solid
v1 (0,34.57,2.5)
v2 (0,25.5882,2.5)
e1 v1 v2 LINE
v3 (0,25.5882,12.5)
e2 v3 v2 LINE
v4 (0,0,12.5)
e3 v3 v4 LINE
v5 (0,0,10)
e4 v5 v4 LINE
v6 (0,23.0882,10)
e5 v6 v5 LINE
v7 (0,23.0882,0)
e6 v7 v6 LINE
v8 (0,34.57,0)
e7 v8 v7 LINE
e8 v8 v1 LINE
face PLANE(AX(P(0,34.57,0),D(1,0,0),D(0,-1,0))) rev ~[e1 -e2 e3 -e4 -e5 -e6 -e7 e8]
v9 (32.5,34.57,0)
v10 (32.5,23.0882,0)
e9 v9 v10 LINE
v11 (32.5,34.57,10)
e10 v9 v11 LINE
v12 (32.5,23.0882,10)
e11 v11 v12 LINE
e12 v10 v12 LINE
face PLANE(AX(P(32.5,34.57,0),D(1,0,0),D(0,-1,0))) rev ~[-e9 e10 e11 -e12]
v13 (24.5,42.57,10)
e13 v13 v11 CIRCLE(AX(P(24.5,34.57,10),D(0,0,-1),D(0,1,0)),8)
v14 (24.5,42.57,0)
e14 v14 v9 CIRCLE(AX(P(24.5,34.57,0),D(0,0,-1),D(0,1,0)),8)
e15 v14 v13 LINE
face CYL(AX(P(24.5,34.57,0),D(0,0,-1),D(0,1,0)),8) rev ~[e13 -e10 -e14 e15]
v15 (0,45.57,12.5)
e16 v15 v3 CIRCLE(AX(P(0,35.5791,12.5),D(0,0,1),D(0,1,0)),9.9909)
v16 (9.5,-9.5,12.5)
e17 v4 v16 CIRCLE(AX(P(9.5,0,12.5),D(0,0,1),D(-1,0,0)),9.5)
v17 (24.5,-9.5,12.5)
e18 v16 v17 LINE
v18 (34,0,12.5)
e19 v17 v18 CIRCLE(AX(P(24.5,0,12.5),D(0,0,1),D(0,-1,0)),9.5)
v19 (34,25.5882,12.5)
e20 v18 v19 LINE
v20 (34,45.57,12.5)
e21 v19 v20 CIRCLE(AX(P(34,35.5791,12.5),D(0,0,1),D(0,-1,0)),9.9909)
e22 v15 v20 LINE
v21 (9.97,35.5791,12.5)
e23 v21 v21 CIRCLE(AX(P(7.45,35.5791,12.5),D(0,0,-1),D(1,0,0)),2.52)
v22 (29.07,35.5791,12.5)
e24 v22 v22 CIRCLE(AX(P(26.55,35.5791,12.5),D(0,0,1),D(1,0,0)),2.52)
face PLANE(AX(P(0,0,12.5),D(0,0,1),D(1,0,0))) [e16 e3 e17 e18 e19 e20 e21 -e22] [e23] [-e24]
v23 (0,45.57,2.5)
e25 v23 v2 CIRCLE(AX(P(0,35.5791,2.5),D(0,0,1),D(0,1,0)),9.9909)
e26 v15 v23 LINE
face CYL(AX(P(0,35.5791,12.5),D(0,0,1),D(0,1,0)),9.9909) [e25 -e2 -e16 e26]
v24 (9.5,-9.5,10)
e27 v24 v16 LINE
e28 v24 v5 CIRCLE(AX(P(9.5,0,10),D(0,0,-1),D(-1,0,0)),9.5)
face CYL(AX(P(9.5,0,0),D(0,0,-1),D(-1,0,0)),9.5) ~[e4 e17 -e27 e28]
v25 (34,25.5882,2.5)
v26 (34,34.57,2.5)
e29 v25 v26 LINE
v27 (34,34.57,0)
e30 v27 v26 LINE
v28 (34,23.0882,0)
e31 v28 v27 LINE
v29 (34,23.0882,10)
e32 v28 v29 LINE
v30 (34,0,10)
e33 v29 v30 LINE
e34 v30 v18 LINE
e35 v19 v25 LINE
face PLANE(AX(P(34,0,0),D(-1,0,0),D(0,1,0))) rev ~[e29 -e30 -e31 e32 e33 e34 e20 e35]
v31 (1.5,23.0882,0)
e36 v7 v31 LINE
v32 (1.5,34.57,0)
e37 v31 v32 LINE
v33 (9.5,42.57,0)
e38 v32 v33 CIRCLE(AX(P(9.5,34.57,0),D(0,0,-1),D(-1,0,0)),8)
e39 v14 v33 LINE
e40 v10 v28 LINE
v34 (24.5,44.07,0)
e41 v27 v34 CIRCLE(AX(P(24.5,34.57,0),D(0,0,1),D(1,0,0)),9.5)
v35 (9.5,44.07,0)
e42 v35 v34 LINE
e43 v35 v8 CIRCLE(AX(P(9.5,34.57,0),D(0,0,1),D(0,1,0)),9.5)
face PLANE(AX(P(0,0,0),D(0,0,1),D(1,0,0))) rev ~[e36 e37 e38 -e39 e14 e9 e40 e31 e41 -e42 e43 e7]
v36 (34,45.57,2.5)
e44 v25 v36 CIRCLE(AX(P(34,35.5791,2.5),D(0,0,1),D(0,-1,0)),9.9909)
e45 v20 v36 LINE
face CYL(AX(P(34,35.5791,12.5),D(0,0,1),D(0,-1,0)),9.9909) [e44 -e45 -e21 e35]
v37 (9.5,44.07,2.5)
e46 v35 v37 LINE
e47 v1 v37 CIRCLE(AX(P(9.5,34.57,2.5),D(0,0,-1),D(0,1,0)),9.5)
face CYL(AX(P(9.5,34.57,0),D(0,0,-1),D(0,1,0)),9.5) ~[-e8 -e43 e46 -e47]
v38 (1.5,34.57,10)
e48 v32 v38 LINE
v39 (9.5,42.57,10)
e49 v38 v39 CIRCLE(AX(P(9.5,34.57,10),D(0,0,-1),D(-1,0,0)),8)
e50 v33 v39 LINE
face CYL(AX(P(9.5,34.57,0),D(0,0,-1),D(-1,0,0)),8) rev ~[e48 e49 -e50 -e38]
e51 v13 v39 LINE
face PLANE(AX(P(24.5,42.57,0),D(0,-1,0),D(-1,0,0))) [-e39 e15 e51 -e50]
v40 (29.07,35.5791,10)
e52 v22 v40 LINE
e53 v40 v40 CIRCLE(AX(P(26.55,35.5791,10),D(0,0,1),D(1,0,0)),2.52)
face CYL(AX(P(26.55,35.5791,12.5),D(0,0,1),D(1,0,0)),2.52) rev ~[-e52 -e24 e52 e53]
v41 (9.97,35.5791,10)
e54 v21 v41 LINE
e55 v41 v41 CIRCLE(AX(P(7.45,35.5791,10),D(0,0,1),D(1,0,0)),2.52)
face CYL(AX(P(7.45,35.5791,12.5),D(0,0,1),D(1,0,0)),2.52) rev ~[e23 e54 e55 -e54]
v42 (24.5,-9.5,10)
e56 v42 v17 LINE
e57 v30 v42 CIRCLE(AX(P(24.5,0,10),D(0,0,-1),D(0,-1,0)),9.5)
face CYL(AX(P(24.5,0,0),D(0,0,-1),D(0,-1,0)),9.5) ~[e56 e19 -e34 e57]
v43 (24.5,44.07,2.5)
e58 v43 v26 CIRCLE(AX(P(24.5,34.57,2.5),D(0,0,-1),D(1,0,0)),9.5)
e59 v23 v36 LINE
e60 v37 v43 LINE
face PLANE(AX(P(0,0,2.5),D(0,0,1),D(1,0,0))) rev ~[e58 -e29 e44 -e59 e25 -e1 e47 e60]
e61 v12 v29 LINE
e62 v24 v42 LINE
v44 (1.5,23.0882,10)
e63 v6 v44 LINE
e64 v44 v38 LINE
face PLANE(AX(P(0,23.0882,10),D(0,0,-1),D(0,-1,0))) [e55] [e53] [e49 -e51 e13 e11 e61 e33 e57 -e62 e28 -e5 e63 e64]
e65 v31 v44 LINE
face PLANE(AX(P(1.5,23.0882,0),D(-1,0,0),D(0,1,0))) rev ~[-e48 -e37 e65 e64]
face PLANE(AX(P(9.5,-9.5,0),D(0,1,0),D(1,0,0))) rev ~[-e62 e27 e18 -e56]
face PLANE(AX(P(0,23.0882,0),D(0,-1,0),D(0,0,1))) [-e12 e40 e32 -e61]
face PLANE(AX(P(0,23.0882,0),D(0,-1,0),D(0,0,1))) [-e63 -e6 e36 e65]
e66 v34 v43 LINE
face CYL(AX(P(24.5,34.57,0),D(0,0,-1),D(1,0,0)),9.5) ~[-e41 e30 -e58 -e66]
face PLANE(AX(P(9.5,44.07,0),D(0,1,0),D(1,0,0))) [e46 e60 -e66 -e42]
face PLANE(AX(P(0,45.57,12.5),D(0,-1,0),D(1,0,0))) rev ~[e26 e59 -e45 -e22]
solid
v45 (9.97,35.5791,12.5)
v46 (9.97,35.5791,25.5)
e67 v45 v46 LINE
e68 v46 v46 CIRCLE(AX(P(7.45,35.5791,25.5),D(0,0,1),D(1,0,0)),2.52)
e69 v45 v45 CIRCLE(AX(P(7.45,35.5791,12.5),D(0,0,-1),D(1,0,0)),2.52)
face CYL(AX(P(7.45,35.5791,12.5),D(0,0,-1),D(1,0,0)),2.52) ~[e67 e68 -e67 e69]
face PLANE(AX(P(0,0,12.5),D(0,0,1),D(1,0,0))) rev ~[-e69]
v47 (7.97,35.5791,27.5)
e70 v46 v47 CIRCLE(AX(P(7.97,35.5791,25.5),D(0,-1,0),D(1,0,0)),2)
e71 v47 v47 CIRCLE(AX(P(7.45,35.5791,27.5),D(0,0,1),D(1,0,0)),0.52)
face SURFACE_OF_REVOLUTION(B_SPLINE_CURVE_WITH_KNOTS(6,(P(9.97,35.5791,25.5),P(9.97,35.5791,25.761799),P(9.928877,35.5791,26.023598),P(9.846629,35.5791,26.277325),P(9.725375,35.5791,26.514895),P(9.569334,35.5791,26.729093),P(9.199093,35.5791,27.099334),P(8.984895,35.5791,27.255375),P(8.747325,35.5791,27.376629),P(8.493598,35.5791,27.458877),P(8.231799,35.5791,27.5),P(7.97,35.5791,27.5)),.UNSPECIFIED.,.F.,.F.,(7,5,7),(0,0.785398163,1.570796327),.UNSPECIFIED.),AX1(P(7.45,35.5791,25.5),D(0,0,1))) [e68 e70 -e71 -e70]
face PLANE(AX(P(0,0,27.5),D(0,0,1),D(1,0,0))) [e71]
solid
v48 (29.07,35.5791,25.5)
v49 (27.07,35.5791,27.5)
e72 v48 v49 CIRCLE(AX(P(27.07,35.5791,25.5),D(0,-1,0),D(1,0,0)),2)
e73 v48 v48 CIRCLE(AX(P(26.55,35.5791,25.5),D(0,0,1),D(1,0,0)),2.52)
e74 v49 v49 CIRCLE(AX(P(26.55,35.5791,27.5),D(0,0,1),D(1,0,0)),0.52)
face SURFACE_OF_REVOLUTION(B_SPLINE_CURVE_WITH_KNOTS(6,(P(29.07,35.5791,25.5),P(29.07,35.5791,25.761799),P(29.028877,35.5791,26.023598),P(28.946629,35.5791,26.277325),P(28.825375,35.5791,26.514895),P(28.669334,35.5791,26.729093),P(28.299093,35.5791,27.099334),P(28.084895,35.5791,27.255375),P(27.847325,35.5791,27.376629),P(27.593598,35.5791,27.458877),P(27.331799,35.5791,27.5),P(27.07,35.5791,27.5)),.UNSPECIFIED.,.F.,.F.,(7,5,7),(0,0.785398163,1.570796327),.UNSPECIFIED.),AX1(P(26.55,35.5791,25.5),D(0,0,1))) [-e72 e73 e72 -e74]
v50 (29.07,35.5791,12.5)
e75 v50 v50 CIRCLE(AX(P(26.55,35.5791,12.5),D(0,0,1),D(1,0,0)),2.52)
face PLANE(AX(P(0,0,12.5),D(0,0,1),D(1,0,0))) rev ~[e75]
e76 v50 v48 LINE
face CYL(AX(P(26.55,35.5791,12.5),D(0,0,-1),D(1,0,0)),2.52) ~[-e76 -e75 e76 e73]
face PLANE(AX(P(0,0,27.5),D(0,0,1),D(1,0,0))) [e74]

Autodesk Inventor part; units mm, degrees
ref_plane "YZ Plane" through (0, 0, 0) normal (1, 0, 0) x (0, 1, 0)
ref_plane "XZ Plane" through (0, 0, 0) normal (0, 1, 0) x (-1, 0, 0)
ref_plane "XY Plane" through (0, 0, 0) normal (0, 0, 1) x (1, 0, 0)
sketch "Sketch2" plane through (0, 0, 0) normal (0, 0, 1) x (1, 0, 0)
  line L0 (0, 34.57) -> (0, 0)
  line L1 (9.5, -9.5) -> (24.5, -9.5)
  line L2 (34, 0) -> (34, 34.57)
  line L3 (9.5, 44.07) -> (24.5, 44.07)
  arc A0 (9.5, 44.07) -> (0, 34.57) centre (9.5, 34.57) ccw
  arc A1 (34, 34.57) -> (24.5, 44.07) centre (24.5, 34.57) ccw
  arc A2 (24.5, -9.5) -> (34, 0) centre (24.5, 0) ccw
  arc A3 (0, 0) -> (9.5, -9.5) centre (9.5, 0) ccw
  point P0 (0, 0)
  dimension "d5" = 9.5
  dimension "d6" = 15
  dimension "d23" = 53.57
extrude "Extrusion2" add sketch "Sketch2" along normal blind 12.5
sketch "Sketch3" plane through (0, 0, 0) normal (-1, 0, 0) x (0, 0, 1)
  line L0 (0, -9.5) -> (12.5, -9.5) projected
  line L1 (0, 23.0882) -> (10, 23.0882)
  line L2 (10, 23.0882) -> (10, -9.5)
  line L3 (10, -9.5) -> (0, -9.5)
  line L4 (0, -9.5) -> (0, 23.0882)
  line L5 (0, 34.57) -> (0, 0) projected
  dimension "d9" = 32.5882
  dimension "d10" = 10
extrude "Extrusion3" cut sketch "Sketch3" against normal through all
sketch "Sketch4" plane through (0, 0, 0) normal (0, 0, -1) x (-1, 0, 0)
  line L0 (-32.5, 34.57) -> (-32.5, 23.0882)
  line L1 (0, 23.0882) -> (-34, 23.0882) projected
  line L2 (-32.5, 23.0882) -> (-1.5, 23.0882)
  line L3 (-1.5, 23.0882) -> (-1.5, 34.57)
  line L4 (-24.5, 42.57) -> (-9.5, 42.57)
  arc A0 (-1.5, 34.57) -> (-9.5, 42.57) centre (-9.5, 34.57) ccw
  arc A1 (-24.5, 42.57) -> (-32.5, 34.57) centre (-24.5, 34.57) ccw
  arc A2 (-24.5, 44.07) -> (-34, 34.57) centre (-24.5, 34.57) ccw projected
  point P0 (0, 0)
  dimension "d13" = 15
  dimension "d14" = 8
sketch "Sketch8" plane through (0, 0, 12.5) normal (0, 0, 1) x (1, 0, 0)
  line L0 (0, 45.57) -> (34, 45.57)
  line L1 (0, 25.5882) -> (34, 25.5882)
  line L2 (34, 0) -> (34, 34.57) projected
  line L3 (0, 34.57) -> (0, 0) projected
  line L4 (24.5, 44.07) -> (9.5, 44.07) projected
  line L5 (24.5, 44.07) -> (9.5, 44.07) projected
  arc A0 (0, 45.57) -> (0, 25.5882) centre (0, 35.5791) ccw
  arc A1 (34, 25.5882) -> (34, 45.57) centre (34, 35.5791) ccw
  point P0 (0, 23.0882)
  point P1 (17, 45.57)
  point P2 (17, 44.07)
  dimension "d25" = 1.5
  dimension "d26" = 2.5
  dimension "d40" = 0
extrude "Extrusion7" add sketch "Sketch8" against normal blind 10
extrude "Extrusion6" cut sketch "Sketch4" against normal up to surface (10 mm away)
sketch "Sketch10" plane through (0, 0, 12.5) normal (0, 0, 1) x (1, 0, 0)
  circle A0 centre (7.45, 35.5791) radius 2.52
  circle A1 centre (26.55, 35.5791) radius 2.52
  line L0 (7.45, 35.5791) -> (0, 35.5791)
  line L1 (34, 35.5791) -> (26.55, 35.5791)
  point P0 (0, 0)
  dimension "d29" = 19.1
  dimension "d30" = 5.04
  dimension "d31" = 0
  dimension "d32" = 0
extrude "Extrusion8" cut sketch "Sketch10" against normal blind 10
sketch "Sketch11" plane through (0, 0, 12.5) normal (0, 0, 1) x (1, 0, 0)
  circle A0 centre (7.45, 35.5791) radius 2.52 projected
  circle A1 centre (26.55, 35.5791) radius 2.52 projected
  point P0 (0, 0)
extrude "Extrusion9" add sketch "Sketch11" along normal blind 15
fillet "Fillet1" radius 2 2 edges at (4.93, 35.5791, 27.5) (24.03, 35.5791, 27.5)
properties part number "charger cover pt2" material "Iron, Malleable"
